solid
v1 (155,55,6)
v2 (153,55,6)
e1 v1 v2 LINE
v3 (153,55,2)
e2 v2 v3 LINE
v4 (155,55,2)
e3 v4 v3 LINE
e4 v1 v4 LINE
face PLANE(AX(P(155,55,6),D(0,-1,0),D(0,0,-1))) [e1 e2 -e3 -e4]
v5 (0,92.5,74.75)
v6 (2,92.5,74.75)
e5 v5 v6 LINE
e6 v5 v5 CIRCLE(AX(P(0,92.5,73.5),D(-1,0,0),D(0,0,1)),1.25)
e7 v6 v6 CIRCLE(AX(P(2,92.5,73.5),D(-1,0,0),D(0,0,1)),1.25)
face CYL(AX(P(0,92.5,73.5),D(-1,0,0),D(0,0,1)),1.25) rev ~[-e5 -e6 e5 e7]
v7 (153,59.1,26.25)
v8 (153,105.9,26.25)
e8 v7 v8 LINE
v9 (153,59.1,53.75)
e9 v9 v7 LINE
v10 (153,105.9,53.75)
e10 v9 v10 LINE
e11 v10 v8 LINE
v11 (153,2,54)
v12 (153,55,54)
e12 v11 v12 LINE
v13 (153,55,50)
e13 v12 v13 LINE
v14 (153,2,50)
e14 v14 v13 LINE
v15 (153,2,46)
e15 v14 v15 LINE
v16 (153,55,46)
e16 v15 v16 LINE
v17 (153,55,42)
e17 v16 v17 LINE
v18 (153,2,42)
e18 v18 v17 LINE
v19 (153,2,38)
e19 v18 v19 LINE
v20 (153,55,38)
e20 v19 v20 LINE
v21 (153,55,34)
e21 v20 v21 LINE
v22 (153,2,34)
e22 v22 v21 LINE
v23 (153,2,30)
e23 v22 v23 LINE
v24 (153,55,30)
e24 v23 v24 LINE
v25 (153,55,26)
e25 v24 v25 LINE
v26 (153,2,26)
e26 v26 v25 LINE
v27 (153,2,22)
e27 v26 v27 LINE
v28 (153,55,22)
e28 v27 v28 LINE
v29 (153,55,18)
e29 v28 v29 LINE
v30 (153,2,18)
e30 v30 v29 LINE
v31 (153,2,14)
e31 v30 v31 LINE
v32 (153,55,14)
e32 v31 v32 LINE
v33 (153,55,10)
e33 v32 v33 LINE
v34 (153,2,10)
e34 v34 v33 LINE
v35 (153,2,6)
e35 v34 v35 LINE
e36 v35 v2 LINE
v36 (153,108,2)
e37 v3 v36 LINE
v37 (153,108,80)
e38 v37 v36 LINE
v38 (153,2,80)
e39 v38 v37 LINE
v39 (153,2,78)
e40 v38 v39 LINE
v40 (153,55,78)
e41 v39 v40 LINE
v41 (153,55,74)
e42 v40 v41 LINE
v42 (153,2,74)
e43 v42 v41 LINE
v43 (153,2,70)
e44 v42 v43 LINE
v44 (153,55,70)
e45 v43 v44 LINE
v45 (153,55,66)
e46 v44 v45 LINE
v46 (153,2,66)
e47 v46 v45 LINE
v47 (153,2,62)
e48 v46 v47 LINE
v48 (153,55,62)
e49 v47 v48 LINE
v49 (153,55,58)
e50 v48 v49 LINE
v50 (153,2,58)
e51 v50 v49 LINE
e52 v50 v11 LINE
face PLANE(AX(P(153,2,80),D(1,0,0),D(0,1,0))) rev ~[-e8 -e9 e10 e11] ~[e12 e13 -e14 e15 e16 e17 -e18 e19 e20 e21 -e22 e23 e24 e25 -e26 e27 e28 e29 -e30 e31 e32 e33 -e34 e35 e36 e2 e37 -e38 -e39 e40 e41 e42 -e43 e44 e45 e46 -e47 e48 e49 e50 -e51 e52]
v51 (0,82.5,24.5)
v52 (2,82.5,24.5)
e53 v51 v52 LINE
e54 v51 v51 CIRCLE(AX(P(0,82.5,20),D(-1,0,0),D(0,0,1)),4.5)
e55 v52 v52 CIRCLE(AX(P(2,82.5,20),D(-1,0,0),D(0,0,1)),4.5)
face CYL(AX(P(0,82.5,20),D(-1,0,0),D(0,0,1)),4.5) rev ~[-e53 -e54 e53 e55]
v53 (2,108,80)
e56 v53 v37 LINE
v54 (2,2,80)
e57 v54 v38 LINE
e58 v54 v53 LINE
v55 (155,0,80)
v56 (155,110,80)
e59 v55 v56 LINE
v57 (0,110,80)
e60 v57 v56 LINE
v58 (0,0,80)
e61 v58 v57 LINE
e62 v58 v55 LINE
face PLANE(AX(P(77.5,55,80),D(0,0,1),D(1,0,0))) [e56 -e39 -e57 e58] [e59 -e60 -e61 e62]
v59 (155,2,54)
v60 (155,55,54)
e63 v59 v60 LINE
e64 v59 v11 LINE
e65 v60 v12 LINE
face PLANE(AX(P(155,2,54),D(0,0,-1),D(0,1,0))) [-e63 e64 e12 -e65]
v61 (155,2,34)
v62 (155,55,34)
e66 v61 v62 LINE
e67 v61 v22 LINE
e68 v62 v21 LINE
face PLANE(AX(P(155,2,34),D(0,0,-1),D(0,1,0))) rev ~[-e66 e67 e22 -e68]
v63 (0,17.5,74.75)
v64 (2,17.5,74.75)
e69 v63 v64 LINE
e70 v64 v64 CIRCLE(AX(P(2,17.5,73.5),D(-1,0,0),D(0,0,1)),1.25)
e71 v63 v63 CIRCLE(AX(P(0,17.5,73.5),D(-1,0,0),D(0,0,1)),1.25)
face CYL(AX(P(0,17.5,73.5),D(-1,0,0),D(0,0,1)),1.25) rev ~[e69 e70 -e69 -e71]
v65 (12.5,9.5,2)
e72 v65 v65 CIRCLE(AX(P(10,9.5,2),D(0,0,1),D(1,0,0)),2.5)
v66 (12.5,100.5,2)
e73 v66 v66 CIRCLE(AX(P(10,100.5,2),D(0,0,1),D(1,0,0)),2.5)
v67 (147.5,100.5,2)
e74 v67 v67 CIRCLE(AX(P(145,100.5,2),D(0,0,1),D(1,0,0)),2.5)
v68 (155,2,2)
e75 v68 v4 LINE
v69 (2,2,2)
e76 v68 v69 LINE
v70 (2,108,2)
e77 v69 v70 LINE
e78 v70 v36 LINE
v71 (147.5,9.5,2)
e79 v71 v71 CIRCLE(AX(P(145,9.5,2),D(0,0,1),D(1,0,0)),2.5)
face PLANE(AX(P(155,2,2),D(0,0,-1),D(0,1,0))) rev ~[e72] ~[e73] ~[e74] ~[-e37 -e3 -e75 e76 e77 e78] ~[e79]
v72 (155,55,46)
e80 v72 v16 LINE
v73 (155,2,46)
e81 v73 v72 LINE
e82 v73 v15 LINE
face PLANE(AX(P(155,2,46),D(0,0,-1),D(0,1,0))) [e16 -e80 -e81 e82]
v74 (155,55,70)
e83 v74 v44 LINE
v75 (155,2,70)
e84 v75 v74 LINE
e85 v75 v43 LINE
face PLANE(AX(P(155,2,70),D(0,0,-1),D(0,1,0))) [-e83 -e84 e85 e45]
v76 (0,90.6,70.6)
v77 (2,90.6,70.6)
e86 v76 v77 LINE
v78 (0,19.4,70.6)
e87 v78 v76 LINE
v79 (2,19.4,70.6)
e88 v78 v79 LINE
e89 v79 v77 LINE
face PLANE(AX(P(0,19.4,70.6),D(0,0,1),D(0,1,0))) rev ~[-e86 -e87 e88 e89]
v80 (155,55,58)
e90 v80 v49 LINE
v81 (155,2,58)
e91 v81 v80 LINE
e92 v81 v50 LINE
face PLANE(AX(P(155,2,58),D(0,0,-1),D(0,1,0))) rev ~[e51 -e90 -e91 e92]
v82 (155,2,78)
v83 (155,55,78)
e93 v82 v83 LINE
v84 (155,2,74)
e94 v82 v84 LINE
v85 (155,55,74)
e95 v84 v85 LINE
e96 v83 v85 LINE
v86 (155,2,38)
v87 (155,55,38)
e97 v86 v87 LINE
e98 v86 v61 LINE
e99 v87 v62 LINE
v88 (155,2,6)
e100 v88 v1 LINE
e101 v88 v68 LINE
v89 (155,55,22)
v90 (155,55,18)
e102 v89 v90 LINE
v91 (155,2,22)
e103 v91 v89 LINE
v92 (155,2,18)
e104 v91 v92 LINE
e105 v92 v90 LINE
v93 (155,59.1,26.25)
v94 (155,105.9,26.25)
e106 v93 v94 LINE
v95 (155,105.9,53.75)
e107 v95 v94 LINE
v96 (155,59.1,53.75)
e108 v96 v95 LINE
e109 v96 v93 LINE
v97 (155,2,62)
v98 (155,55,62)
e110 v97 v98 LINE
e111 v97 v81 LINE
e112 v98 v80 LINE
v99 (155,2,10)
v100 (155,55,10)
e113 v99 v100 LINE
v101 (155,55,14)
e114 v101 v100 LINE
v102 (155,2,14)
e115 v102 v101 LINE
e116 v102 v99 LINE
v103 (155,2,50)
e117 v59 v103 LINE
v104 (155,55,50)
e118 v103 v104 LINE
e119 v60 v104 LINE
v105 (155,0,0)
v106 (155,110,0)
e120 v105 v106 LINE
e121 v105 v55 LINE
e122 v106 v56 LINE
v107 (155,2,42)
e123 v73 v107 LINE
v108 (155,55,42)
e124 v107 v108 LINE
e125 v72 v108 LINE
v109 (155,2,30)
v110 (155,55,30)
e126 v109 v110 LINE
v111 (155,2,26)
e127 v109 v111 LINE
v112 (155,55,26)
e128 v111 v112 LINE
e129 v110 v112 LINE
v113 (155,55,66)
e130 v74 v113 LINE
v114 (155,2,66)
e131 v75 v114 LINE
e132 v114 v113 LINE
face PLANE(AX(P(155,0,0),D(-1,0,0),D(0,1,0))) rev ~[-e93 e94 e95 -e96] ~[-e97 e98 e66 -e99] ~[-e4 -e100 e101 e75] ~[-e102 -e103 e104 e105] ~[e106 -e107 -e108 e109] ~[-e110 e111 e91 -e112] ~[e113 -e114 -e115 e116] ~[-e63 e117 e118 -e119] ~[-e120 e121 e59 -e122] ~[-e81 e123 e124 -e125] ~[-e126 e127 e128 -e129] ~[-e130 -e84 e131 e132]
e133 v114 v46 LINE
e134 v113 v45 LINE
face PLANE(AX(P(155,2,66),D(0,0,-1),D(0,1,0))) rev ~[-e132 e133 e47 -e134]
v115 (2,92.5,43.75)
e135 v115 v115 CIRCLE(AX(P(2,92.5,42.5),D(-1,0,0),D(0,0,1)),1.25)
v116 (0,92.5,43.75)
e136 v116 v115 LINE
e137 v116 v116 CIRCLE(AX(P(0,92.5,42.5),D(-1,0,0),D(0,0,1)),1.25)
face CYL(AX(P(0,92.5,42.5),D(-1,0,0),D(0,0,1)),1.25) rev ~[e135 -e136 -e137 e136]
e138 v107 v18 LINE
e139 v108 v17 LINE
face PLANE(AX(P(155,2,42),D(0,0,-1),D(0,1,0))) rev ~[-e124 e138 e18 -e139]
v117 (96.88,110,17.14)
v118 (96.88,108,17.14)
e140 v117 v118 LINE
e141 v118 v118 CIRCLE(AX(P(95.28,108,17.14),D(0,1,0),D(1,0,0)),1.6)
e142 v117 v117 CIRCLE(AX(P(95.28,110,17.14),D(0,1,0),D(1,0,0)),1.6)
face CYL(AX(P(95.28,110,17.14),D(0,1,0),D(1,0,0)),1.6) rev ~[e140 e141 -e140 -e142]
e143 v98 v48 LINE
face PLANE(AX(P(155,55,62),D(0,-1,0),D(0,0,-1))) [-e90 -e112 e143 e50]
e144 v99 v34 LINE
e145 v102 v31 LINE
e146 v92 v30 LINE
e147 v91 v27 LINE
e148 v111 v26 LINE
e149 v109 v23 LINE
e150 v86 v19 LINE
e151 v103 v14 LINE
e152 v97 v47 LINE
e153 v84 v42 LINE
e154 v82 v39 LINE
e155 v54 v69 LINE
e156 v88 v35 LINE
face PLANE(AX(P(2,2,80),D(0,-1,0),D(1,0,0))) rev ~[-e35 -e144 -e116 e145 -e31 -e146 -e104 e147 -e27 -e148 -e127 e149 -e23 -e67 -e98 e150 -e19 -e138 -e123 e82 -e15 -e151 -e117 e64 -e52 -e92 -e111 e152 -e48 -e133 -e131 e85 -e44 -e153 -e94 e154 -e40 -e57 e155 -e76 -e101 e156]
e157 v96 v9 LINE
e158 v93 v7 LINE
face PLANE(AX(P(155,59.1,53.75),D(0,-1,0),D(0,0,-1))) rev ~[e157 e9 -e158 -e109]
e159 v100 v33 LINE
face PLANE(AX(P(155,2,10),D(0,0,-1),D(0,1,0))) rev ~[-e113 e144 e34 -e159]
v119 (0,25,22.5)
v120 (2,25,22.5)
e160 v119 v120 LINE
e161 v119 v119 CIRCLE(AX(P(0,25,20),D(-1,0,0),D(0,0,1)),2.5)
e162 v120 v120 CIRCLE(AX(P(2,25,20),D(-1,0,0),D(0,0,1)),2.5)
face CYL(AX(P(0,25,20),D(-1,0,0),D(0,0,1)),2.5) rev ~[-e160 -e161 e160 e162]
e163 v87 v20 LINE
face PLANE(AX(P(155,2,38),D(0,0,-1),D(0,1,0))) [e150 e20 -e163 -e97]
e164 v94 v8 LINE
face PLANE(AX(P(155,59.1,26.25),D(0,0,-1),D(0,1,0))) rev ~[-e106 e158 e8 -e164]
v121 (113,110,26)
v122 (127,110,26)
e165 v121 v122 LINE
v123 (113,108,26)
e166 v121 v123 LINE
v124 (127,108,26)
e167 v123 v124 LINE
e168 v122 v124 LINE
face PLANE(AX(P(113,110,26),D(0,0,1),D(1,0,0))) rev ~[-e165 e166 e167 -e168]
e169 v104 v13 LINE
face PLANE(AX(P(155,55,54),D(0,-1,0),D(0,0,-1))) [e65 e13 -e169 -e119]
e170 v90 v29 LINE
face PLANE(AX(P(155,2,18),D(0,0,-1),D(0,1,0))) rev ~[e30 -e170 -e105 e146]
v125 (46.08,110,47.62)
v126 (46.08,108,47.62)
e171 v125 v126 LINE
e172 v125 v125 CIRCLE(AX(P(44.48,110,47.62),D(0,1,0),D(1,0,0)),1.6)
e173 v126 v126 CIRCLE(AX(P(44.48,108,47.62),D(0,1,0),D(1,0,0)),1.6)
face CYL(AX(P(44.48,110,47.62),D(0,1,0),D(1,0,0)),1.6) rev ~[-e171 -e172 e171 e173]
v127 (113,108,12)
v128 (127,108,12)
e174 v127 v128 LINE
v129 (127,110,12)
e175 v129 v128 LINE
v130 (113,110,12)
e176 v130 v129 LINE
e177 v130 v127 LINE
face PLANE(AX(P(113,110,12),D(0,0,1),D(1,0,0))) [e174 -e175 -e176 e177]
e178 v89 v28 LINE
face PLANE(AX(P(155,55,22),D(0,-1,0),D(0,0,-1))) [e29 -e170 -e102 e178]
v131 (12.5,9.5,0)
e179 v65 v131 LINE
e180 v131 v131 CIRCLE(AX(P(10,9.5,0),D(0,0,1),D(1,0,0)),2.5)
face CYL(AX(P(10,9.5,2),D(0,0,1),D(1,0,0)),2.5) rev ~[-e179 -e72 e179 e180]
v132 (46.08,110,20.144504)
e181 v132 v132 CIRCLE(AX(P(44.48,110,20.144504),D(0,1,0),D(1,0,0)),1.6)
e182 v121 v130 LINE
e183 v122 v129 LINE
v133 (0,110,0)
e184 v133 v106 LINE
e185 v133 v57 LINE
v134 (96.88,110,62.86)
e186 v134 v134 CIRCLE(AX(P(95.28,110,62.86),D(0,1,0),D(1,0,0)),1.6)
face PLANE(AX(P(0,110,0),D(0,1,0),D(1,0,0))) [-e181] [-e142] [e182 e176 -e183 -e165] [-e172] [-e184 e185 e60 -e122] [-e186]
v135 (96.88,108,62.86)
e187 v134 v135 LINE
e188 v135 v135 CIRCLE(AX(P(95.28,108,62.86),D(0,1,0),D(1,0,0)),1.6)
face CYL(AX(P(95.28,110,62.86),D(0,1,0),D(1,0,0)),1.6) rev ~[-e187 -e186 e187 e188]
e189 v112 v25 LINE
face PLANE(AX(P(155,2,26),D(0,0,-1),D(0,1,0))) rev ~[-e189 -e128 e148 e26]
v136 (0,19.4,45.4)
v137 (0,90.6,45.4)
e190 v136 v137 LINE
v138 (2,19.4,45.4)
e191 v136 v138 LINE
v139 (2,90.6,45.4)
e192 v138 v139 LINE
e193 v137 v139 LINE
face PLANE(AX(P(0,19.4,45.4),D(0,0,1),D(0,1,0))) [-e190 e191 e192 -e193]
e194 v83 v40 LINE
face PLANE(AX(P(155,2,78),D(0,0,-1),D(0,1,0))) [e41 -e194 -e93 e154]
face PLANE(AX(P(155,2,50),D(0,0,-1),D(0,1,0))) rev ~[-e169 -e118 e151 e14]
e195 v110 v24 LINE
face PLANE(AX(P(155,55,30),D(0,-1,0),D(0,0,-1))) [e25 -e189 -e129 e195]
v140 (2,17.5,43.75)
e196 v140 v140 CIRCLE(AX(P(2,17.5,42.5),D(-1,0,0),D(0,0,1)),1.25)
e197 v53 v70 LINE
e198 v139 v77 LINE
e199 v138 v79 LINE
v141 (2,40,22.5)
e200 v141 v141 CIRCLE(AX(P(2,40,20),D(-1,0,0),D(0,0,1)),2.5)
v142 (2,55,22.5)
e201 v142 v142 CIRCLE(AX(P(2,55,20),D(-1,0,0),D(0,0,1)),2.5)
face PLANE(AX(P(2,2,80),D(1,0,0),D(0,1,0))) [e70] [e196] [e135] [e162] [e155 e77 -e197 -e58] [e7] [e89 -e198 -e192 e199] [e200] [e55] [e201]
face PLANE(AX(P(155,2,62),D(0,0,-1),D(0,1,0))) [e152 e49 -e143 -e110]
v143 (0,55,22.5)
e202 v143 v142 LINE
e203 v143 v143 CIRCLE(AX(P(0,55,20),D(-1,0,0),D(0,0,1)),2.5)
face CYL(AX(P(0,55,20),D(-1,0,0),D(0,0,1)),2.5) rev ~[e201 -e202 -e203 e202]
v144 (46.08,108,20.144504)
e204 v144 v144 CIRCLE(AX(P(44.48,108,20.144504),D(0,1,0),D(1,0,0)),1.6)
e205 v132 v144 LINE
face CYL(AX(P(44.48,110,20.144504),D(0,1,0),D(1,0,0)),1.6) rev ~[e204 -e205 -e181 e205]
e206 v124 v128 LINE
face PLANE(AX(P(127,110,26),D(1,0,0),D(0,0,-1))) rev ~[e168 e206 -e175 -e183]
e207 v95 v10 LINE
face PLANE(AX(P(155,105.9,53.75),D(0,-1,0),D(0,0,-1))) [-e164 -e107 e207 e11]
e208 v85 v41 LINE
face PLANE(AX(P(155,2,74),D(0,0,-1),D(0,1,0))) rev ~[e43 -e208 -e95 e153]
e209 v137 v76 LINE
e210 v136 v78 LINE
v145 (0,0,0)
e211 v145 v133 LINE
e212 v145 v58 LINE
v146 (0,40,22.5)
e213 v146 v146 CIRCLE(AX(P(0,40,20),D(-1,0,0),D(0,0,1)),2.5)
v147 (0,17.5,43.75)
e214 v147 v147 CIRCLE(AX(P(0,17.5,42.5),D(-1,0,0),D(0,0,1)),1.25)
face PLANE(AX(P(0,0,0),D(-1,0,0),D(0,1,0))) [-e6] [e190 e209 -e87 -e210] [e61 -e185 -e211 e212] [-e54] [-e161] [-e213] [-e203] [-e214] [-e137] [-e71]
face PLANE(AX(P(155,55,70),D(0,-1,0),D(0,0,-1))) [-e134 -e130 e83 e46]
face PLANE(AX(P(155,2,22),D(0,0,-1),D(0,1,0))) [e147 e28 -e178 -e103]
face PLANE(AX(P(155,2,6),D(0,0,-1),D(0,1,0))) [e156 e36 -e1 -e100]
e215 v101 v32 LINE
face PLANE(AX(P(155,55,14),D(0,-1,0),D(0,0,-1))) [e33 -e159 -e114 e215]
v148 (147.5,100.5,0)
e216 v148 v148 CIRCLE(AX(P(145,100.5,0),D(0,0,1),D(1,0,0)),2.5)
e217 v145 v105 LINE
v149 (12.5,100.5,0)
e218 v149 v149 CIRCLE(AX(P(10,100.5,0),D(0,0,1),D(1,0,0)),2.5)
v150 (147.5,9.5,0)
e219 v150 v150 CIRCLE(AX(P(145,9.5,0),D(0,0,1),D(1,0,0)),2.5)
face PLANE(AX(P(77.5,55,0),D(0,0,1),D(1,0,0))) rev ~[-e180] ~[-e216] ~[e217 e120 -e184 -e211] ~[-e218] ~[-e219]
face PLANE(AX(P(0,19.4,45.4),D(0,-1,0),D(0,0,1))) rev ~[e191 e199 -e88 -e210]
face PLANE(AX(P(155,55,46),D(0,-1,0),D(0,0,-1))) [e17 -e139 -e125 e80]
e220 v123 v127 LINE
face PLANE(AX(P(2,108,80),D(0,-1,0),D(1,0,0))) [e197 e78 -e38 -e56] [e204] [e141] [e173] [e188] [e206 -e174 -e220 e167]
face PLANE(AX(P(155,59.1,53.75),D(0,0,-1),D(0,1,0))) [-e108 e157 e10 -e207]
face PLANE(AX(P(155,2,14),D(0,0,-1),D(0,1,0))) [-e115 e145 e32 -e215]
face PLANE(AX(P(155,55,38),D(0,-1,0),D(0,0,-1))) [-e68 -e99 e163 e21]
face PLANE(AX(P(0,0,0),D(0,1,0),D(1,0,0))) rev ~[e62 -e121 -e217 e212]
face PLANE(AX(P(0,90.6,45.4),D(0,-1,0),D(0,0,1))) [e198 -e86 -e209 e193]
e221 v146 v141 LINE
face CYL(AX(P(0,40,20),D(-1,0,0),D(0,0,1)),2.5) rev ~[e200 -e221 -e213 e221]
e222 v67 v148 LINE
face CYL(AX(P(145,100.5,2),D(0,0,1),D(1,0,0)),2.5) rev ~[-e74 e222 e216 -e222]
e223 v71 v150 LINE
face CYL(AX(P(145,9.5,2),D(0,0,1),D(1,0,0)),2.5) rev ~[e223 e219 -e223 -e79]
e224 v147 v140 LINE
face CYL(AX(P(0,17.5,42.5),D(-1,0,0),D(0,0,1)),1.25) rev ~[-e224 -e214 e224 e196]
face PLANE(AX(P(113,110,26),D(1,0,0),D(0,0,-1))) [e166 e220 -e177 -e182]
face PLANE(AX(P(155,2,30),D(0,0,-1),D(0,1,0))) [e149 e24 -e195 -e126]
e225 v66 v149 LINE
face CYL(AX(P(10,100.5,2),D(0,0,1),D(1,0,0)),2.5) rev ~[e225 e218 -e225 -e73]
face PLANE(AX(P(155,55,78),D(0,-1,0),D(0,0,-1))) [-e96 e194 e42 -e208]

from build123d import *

# Parameters (mm, degrees)
SKETCH1_W           = 155
SKETCH1_H           = 110
BOSS_EXTRUDE1_DEPTH = 80
SKETCH2_W           = 151
SKETCH2_H           = 106
CUT_EXTRUDE1_DEPTH  = 78
SKETCH3_R           = 2.5
CUT_EXTRUDE2_DEPTH  = 2
SKETCH7_R           = 1.6
CUT_EXTRUDE7_DEPTH  = 2
SKETCH4_W           = 27.5
SKETCH4_H           = 46.8
CUT_EXTRUDE8_DEPTH  = 2
SKETCH8_W           = 4
SKETCH8_H           = 53
CUT_EXTRUDE9_DEPTH  = 2
SKETCH9_W           = 14
SKETCH9_H           = 14
CUT_EXTRUDE10_DEPTH = 2
SKETCH10_W          = 25.2
SKETCH10_H          = 71.2
SKETCH10_R          = 1.25
CUT_EXTRUDE12_DEPTH = 2
SKETCH11_R          = 2.5
SKETCH11_R_2        = 4.5
CUT_EXTRUDE13_DEPTH = 2


with BuildPart() as part:
    # Sketch1 → Boss-Extrude1 (new body)
    with BuildSketch(Plane.XY):
        with Locations((77.5, 55)):
            Rectangle(SKETCH1_W, SKETCH1_H)
    extrude(amount=BOSS_EXTRUDE1_DEPTH)

    # Sketch2 → Cut-Extrude1 (cut)
    with BuildSketch(Plane.XY.offset(80)):
        with Locations((77.5, 55)):
            Rectangle(SKETCH2_W, SKETCH2_H)
    extrude(amount=-CUT_EXTRUDE1_DEPTH, mode=Mode.SUBTRACT)

    # Sketch3 → Cut-Extrude2 (cut)
    with BuildSketch(Plane.XY.offset(2)):
        with Locations((145, 100.5)):
            Circle(SKETCH3_R)
        with Locations((145, 9.5)):
            Circle(SKETCH3_R)
        with Locations((10, 9.5)):
            Circle(SKETCH3_R)
        with Locations((10, 100.5)):
            Circle(SKETCH3_R)
    extrude(amount=-CUT_EXTRUDE2_DEPTH, mode=Mode.SUBTRACT)

    # Sketch7 → Cut-Extrude7 (cut)
    with BuildSketch(Plane(origin=(0, 110, 0), x_dir=(1, 0, 0), z_dir=(0, 1, 0))):
        with Locations((44.48, -20.14450396)):
            Circle(SKETCH7_R)
        with Locations((95.28, -17.14)):
            Circle(SKETCH7_R)
        with Locations((95.28, -62.86)):
            Circle(SKETCH7_R)
        with Locations((44.48, -47.62)):
            Circle(SKETCH7_R)
    extrude(amount=-CUT_EXTRUDE7_DEPTH, mode=Mode.SUBTRACT)

    # Sketch4 → Cut-Extrude8 (cut)
    with BuildSketch(Plane(origin=(155, 0, 0), x_dir=(0, 0, -1), z_dir=(1, 0, 0))):
        with Locations((-40, 82.5)):
            Rectangle(SKETCH4_W, SKETCH4_H)
    extrude(amount=-CUT_EXTRUDE8_DEPTH, mode=Mode.SUBTRACT)

    # Sketch8 → Cut-Extrude9 (cut)
    with BuildSketch(Plane(origin=(155, 0, 0), x_dir=(0, 0, -1), z_dir=(1, 0, 0))):
        with Locations((-68, 28.5)):
            Rectangle(SKETCH8_W, SKETCH8_H)
        with Locations((-76, 28.5)):
            Rectangle(SKETCH8_W, SKETCH8_H)
        with Locations((-60, 28.5)):
            Rectangle(SKETCH8_W, SKETCH8_H)
        with Locations((-52, 28.5)):
            Rectangle(SKETCH8_W, SKETCH8_H)
        with Locations((-44, 28.5)):
            Rectangle(SKETCH8_W, SKETCH8_H)
        with Locations((-36, 28.5)):
            Rectangle(SKETCH8_W, SKETCH8_H)
        with Locations((-28, 28.5)):
            Rectangle(SKETCH8_W, SKETCH8_H)
        with Locations((-20, 28.5)):
            Rectangle(SKETCH8_W, SKETCH8_H)
        with Locations((-12, 28.5)):
            Rectangle(SKETCH8_W, SKETCH8_H)
        with Locations((-4, 28.5)):
            Rectangle(SKETCH8_W, SKETCH8_H)
    extrude(amount=-CUT_EXTRUDE9_DEPTH, mode=Mode.SUBTRACT)

    # Sketch9 → Cut-Extrude10 (cut)
    with BuildSketch(Plane(origin=(0, 110, 0), x_dir=(1, 0, 0), z_dir=(0, 1, 0))):
        with Locations((120, -19)):
            Rectangle(SKETCH9_W, SKETCH9_H)
    extrude(amount=-CUT_EXTRUDE10_DEPTH, mode=Mode.SUBTRACT)

    # Sketch10 → Cut-Extrude12 (cut)
    with BuildSketch(Plane.ZY):
        with Locations((58, 55)):
            Rectangle(SKETCH10_W, SKETCH10_H)
        with Locations((42.5, 92.5)):
            Circle(SKETCH10_R)
        with Locations((73.5, 92.5)):
            Circle(SKETCH10_R)
        with Locations((42.5, 17.5)):
            Circle(SKETCH10_R)
        with Locations((73.5, 17.5)):
            Circle(SKETCH10_R)
    extrude(amount=-CUT_EXTRUDE12_DEPTH, mode=Mode.SUBTRACT)

    # Sketch11 → Cut-Extrude13 (cut)
    with BuildSketch(Plane.ZY):
        with Locations((20, 55)):
            Circle(SKETCH11_R)
        with Locations((20, 40)):
            Circle(SKETCH11_R)
        with Locations((20, 25)):
            Circle(SKETCH11_R)
        with Locations((20, 82.5)):
            Circle(SKETCH11_R_2)
    extrude(amount=-CUT_EXTRUDE13_DEPTH, mode=Mode.SUBTRACT)


solid = part.part
